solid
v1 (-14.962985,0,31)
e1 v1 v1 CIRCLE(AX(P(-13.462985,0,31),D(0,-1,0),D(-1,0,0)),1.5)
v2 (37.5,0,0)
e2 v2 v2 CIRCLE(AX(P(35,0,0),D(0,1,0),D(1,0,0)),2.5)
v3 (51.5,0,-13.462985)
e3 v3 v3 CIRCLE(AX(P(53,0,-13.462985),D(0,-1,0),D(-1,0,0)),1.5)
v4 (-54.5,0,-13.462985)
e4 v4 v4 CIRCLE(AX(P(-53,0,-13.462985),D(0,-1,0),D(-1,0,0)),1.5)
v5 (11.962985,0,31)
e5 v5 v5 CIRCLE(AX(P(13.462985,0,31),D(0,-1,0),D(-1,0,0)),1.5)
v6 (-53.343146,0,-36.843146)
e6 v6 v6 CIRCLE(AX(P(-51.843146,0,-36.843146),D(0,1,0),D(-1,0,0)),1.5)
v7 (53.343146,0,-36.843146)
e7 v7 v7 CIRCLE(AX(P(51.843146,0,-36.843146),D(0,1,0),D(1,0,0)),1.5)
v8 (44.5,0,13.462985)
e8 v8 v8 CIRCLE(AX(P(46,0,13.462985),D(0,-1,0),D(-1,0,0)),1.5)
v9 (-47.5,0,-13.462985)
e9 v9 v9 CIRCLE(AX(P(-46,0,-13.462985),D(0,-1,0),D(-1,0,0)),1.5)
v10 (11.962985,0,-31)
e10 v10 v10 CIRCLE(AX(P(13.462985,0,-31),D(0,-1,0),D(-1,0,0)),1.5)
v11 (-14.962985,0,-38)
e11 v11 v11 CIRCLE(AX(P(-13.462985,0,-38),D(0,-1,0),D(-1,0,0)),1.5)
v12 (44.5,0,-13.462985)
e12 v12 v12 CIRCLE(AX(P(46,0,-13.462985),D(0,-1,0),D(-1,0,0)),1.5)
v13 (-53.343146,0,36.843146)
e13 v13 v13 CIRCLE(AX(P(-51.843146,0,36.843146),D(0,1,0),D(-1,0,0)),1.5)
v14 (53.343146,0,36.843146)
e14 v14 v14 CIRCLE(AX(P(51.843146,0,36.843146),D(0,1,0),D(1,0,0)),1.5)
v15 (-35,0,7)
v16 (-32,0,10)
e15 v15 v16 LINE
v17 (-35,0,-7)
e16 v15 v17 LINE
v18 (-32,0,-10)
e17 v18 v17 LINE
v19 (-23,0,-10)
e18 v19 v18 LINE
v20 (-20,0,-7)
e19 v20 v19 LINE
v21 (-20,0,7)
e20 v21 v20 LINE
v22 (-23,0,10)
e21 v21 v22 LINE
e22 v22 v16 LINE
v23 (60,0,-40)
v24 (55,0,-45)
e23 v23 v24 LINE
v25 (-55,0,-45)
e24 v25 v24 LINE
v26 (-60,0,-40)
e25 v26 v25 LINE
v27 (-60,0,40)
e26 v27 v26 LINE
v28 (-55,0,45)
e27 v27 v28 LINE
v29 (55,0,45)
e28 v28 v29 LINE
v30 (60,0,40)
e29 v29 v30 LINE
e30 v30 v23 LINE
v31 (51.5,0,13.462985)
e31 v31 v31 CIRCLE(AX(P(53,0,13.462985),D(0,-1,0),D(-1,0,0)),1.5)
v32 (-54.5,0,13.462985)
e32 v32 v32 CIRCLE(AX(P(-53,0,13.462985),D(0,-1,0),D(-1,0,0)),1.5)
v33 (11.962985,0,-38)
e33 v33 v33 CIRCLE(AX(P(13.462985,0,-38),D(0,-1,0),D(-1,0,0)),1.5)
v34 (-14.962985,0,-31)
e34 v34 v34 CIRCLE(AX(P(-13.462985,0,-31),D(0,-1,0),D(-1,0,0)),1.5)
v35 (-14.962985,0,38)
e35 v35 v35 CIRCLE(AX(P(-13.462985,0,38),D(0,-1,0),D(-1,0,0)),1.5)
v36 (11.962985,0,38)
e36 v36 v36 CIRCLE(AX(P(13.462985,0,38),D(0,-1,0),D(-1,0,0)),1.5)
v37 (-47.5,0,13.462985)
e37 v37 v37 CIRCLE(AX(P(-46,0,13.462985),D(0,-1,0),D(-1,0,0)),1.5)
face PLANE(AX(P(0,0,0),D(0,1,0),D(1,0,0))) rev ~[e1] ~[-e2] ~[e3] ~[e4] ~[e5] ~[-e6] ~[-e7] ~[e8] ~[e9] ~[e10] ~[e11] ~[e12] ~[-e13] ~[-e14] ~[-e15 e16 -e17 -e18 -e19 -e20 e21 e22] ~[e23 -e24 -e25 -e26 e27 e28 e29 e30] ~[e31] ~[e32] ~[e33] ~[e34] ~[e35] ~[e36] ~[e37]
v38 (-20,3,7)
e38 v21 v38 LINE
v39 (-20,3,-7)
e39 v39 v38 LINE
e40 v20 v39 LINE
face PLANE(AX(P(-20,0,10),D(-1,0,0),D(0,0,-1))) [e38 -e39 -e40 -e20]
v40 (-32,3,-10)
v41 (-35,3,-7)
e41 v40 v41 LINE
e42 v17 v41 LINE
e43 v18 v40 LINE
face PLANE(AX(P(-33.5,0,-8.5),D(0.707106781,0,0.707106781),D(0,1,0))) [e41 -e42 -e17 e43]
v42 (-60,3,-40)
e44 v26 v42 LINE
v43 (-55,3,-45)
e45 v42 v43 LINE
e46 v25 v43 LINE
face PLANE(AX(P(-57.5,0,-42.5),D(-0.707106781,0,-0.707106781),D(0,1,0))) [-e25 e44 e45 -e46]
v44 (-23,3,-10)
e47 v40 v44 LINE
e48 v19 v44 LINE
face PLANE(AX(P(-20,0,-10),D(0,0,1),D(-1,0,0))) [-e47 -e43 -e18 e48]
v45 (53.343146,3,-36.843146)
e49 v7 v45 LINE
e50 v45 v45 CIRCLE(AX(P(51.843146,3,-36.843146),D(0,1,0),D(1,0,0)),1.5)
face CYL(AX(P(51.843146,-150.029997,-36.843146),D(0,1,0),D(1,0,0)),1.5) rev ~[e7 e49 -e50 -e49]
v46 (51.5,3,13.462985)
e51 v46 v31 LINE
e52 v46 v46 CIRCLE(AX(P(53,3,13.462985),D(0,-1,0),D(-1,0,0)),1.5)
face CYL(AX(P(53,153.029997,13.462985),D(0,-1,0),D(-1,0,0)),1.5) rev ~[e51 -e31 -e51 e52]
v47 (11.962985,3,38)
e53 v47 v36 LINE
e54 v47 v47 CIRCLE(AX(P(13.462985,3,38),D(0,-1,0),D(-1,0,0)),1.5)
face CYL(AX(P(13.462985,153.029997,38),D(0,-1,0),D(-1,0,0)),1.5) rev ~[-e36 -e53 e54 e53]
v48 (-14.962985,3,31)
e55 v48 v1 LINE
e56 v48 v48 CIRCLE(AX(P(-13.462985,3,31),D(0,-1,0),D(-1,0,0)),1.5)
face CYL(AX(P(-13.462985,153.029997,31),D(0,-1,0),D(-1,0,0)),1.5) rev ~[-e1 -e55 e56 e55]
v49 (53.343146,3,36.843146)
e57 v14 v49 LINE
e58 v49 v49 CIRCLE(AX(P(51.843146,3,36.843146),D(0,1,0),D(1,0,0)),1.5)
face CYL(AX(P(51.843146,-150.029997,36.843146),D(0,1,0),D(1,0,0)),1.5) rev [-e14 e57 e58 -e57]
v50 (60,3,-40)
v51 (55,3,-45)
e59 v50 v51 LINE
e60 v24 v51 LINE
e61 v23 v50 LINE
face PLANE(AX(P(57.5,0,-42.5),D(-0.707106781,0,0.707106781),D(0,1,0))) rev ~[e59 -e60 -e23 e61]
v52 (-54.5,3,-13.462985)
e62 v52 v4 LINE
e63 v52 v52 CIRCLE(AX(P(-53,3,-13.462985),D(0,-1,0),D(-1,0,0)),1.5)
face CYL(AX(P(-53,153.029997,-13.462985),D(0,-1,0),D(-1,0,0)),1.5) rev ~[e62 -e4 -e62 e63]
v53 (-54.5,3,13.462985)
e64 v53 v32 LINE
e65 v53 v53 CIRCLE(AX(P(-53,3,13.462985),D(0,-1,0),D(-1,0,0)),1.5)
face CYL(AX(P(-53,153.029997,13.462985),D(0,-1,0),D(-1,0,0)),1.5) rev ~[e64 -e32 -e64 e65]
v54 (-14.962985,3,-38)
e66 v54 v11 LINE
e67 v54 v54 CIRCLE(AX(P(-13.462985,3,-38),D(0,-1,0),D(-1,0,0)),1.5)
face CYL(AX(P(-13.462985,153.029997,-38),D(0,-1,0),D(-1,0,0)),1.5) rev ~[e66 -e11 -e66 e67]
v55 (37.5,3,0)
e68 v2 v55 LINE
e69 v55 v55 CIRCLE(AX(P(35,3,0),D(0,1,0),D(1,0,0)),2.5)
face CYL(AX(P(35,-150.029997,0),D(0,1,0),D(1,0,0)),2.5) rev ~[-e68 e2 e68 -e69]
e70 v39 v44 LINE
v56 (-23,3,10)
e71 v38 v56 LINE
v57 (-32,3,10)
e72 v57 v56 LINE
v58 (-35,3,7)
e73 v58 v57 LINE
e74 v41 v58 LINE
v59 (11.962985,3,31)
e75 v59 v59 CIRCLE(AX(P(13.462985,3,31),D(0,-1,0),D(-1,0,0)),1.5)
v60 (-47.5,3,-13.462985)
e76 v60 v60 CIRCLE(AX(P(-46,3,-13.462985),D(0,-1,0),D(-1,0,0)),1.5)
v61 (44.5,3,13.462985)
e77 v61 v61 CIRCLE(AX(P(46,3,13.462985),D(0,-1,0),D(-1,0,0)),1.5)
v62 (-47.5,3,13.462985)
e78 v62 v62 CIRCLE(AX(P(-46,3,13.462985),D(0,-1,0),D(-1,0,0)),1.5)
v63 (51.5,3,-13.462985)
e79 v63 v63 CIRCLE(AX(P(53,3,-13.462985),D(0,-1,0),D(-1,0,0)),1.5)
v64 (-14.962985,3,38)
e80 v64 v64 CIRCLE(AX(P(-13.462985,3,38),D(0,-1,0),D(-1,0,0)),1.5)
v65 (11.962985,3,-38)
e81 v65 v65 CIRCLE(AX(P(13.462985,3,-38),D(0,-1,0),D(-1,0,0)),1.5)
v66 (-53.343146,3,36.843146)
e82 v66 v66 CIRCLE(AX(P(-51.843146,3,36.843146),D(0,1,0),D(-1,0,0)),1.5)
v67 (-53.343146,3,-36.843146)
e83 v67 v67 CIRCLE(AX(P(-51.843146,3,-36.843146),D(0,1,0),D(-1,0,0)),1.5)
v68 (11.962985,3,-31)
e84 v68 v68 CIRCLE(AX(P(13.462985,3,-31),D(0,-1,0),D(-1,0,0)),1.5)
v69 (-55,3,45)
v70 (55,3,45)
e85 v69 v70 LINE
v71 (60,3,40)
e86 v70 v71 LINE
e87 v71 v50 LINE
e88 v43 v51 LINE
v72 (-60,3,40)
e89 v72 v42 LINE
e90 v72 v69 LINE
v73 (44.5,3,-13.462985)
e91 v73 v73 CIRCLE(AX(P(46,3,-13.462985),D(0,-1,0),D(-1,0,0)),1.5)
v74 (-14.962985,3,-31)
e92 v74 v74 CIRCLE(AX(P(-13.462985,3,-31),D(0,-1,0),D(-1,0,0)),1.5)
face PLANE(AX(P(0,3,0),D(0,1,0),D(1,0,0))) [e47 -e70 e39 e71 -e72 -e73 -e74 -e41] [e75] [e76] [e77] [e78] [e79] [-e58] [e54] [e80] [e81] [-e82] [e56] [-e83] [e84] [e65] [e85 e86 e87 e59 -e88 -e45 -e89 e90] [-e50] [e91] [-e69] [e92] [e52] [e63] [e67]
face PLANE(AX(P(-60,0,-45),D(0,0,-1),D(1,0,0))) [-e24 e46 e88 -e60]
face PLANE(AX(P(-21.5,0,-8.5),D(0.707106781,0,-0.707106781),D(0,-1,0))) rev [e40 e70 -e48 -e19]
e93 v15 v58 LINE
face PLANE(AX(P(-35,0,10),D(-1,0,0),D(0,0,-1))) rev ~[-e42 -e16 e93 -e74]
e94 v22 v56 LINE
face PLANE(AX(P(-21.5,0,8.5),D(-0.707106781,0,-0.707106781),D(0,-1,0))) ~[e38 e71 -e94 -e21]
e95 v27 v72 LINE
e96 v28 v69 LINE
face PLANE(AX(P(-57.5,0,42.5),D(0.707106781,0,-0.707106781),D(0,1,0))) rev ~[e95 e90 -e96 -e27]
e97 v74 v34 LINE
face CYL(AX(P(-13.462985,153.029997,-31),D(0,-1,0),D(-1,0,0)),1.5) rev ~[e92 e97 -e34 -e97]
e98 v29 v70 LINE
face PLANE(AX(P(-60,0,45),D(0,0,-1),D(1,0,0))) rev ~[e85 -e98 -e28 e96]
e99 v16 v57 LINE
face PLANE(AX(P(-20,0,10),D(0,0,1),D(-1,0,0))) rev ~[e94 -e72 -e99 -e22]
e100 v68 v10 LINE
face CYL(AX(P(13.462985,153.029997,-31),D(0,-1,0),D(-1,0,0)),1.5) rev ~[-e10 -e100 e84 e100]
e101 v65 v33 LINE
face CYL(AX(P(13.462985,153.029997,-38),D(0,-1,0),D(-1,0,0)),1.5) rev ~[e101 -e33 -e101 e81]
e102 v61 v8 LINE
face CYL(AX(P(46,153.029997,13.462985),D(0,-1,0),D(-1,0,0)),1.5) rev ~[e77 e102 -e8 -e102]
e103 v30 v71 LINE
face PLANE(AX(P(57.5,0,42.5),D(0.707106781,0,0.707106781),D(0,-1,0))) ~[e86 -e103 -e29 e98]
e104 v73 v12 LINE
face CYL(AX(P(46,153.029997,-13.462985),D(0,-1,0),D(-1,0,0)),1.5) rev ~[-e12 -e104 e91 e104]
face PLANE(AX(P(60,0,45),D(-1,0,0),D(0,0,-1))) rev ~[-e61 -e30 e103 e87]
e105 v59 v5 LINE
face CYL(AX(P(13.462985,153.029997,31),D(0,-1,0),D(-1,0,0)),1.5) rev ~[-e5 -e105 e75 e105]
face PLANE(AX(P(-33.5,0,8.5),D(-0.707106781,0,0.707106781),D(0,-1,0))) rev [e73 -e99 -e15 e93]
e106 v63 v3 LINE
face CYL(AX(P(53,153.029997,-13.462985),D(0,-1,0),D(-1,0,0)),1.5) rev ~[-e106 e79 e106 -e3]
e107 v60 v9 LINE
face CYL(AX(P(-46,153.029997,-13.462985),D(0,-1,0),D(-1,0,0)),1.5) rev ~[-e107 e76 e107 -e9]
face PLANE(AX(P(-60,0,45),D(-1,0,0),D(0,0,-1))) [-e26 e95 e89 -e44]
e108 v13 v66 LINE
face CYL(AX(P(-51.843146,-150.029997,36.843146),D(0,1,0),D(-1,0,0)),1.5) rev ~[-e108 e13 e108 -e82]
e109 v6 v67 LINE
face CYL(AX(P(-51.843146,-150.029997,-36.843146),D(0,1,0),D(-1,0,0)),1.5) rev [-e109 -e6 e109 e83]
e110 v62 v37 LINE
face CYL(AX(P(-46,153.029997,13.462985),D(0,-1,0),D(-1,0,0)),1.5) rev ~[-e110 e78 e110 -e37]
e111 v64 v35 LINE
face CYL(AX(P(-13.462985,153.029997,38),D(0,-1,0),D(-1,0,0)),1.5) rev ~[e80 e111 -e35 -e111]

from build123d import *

# Parameters (mm, degrees)
SKETCH1_W                            = 120
SKETCH1_H                            = 90
BOSS_EXTRUDE1_DEPTH                  = 3
CHAMFER1_SIZE                        = 5
F_3_0_3_DIAMETER_HOLE2_D             = 3
MIRROR1_AT_THE_SECOND_PLANE_COPY_1_D = 3
F_3_0_3_DIAMETER_HOLE3_D             = 3
F_5_0_5_DIAMETER_HOLE1_D             = 5
SKETCH11_W                           = 15
SKETCH11_H                           = 20
CUT_EXTRUDE1_DEPTH                   = 76.059976019
CHAMFER2_SIZE                        = 3


with BuildPart() as part:
    # Sketch1 → Boss-Extrude1 (new body)
    with BuildSketch(Plane(origin=(0, 0, 0), x_dir=(1, 0, 0), z_dir=(0, 1, 0))):
        Rectangle(SKETCH1_W, SKETCH1_H)
    extrude(amount=BOSS_EXTRUDE1_DEPTH)

    # Chamfer1
    chamfer1_edges = [part.edges().sort_by_distance(p)[0] for p in [
        (60, 1.5, 45),
        (-60, 1.5, 45),
        (-60, 1.5, -45),
        (60, 1.5, -45),
    ]]
    chamfer(chamfer1_edges, length=CHAMFER1_SIZE)

    # Ø3.0 (3) Diameter Hole2 (through all)
    with Locations(Plane.XZ):
        with Locations((-51.843145751, 36.843145751)):
            f_3_0_3_diameter_hole2 = Hole(F_3_0_3_DIAMETER_HOLE2_D / 2)

    # Mirror1: Ø3.0 (3) Diameter Hole2 across plane
    add(f_3_0_3_diameter_hole2.mirror(Plane.XY), mode=Mode.SUBTRACT)

    # Mirror1 at the second plane: Ø3.0 (3) Diameter Hole2 across plane
    add(f_3_0_3_diameter_hole2.mirror(Plane(origin=(0, 0, 0), x_dir=(0, 0, 1), z_dir=(1, 0, 0))), mode=Mode.SUBTRACT)

    # Mirror1 at the second plane copy 1 (through all)
    with Locations(Plane(origin=(0, 0, 0), x_dir=(-1, 0, 0), z_dir=(0, -1, 0))):
        with Locations((-51.843145751, 36.843145751)):
            Hole(MIRROR1_AT_THE_SECOND_PLANE_COPY_1_D / 2)

    # Ø3.0 (3) Diameter Hole3 (through all)
    with Locations(Plane(origin=(0, 3, 0), x_dir=(1, 0, 0), z_dir=(0, 1, 0))):
        with Locations((46, -13.462985276), (53, -13.462985276), (46, 13.462985276), (53, 13.462985276), (13.462985276, -31), (13.462985276, -38), (-13.462985276, -38), (-13.462985276, -31), (-46, -13.462985276), (-53, -13.462985276), (-46, 13.462985276), (-53, 13.462985276), (13.462985276, 31), (13.462985276, 38), (-13.462985276, 31), (-13.462985276, 38)):
            Hole(F_3_0_3_DIAMETER_HOLE3_D / 2)

    # Ø5.0 (5) Diameter Hole1 (through all)
    with Locations(Plane(origin=(0, 0, 0), x_dir=(-1, 0, 0), z_dir=(0, -1, 0))):
        with Locations((-35, 0)):
            Hole(F_5_0_5_DIAMETER_HOLE1_D / 2)

    # Sketch11 → Cut-Extrude1 (cut, through all)
    with BuildSketch(Plane(origin=(0, 0, 0), x_dir=(-1, 0, 0), z_dir=(0, -1, 0))):
        with Locations((27.5, 0)):
            Rectangle(SKETCH11_W, SKETCH11_H)
    extrude(amount=-CUT_EXTRUDE1_DEPTH, mode=Mode.SUBTRACT)

    # Chamfer2
    chamfer2_edges = [part.edges().sort_by_distance(p)[0] for p in [
        (-35, 1.5, -10),
        (-35, 1.5, 10),
        (-20, 1.5, 10),
        (-20, 1.5, -10),
    ]]
    chamfer(chamfer2_edges, length=CHAMFER2_SIZE)


solid = part.part
